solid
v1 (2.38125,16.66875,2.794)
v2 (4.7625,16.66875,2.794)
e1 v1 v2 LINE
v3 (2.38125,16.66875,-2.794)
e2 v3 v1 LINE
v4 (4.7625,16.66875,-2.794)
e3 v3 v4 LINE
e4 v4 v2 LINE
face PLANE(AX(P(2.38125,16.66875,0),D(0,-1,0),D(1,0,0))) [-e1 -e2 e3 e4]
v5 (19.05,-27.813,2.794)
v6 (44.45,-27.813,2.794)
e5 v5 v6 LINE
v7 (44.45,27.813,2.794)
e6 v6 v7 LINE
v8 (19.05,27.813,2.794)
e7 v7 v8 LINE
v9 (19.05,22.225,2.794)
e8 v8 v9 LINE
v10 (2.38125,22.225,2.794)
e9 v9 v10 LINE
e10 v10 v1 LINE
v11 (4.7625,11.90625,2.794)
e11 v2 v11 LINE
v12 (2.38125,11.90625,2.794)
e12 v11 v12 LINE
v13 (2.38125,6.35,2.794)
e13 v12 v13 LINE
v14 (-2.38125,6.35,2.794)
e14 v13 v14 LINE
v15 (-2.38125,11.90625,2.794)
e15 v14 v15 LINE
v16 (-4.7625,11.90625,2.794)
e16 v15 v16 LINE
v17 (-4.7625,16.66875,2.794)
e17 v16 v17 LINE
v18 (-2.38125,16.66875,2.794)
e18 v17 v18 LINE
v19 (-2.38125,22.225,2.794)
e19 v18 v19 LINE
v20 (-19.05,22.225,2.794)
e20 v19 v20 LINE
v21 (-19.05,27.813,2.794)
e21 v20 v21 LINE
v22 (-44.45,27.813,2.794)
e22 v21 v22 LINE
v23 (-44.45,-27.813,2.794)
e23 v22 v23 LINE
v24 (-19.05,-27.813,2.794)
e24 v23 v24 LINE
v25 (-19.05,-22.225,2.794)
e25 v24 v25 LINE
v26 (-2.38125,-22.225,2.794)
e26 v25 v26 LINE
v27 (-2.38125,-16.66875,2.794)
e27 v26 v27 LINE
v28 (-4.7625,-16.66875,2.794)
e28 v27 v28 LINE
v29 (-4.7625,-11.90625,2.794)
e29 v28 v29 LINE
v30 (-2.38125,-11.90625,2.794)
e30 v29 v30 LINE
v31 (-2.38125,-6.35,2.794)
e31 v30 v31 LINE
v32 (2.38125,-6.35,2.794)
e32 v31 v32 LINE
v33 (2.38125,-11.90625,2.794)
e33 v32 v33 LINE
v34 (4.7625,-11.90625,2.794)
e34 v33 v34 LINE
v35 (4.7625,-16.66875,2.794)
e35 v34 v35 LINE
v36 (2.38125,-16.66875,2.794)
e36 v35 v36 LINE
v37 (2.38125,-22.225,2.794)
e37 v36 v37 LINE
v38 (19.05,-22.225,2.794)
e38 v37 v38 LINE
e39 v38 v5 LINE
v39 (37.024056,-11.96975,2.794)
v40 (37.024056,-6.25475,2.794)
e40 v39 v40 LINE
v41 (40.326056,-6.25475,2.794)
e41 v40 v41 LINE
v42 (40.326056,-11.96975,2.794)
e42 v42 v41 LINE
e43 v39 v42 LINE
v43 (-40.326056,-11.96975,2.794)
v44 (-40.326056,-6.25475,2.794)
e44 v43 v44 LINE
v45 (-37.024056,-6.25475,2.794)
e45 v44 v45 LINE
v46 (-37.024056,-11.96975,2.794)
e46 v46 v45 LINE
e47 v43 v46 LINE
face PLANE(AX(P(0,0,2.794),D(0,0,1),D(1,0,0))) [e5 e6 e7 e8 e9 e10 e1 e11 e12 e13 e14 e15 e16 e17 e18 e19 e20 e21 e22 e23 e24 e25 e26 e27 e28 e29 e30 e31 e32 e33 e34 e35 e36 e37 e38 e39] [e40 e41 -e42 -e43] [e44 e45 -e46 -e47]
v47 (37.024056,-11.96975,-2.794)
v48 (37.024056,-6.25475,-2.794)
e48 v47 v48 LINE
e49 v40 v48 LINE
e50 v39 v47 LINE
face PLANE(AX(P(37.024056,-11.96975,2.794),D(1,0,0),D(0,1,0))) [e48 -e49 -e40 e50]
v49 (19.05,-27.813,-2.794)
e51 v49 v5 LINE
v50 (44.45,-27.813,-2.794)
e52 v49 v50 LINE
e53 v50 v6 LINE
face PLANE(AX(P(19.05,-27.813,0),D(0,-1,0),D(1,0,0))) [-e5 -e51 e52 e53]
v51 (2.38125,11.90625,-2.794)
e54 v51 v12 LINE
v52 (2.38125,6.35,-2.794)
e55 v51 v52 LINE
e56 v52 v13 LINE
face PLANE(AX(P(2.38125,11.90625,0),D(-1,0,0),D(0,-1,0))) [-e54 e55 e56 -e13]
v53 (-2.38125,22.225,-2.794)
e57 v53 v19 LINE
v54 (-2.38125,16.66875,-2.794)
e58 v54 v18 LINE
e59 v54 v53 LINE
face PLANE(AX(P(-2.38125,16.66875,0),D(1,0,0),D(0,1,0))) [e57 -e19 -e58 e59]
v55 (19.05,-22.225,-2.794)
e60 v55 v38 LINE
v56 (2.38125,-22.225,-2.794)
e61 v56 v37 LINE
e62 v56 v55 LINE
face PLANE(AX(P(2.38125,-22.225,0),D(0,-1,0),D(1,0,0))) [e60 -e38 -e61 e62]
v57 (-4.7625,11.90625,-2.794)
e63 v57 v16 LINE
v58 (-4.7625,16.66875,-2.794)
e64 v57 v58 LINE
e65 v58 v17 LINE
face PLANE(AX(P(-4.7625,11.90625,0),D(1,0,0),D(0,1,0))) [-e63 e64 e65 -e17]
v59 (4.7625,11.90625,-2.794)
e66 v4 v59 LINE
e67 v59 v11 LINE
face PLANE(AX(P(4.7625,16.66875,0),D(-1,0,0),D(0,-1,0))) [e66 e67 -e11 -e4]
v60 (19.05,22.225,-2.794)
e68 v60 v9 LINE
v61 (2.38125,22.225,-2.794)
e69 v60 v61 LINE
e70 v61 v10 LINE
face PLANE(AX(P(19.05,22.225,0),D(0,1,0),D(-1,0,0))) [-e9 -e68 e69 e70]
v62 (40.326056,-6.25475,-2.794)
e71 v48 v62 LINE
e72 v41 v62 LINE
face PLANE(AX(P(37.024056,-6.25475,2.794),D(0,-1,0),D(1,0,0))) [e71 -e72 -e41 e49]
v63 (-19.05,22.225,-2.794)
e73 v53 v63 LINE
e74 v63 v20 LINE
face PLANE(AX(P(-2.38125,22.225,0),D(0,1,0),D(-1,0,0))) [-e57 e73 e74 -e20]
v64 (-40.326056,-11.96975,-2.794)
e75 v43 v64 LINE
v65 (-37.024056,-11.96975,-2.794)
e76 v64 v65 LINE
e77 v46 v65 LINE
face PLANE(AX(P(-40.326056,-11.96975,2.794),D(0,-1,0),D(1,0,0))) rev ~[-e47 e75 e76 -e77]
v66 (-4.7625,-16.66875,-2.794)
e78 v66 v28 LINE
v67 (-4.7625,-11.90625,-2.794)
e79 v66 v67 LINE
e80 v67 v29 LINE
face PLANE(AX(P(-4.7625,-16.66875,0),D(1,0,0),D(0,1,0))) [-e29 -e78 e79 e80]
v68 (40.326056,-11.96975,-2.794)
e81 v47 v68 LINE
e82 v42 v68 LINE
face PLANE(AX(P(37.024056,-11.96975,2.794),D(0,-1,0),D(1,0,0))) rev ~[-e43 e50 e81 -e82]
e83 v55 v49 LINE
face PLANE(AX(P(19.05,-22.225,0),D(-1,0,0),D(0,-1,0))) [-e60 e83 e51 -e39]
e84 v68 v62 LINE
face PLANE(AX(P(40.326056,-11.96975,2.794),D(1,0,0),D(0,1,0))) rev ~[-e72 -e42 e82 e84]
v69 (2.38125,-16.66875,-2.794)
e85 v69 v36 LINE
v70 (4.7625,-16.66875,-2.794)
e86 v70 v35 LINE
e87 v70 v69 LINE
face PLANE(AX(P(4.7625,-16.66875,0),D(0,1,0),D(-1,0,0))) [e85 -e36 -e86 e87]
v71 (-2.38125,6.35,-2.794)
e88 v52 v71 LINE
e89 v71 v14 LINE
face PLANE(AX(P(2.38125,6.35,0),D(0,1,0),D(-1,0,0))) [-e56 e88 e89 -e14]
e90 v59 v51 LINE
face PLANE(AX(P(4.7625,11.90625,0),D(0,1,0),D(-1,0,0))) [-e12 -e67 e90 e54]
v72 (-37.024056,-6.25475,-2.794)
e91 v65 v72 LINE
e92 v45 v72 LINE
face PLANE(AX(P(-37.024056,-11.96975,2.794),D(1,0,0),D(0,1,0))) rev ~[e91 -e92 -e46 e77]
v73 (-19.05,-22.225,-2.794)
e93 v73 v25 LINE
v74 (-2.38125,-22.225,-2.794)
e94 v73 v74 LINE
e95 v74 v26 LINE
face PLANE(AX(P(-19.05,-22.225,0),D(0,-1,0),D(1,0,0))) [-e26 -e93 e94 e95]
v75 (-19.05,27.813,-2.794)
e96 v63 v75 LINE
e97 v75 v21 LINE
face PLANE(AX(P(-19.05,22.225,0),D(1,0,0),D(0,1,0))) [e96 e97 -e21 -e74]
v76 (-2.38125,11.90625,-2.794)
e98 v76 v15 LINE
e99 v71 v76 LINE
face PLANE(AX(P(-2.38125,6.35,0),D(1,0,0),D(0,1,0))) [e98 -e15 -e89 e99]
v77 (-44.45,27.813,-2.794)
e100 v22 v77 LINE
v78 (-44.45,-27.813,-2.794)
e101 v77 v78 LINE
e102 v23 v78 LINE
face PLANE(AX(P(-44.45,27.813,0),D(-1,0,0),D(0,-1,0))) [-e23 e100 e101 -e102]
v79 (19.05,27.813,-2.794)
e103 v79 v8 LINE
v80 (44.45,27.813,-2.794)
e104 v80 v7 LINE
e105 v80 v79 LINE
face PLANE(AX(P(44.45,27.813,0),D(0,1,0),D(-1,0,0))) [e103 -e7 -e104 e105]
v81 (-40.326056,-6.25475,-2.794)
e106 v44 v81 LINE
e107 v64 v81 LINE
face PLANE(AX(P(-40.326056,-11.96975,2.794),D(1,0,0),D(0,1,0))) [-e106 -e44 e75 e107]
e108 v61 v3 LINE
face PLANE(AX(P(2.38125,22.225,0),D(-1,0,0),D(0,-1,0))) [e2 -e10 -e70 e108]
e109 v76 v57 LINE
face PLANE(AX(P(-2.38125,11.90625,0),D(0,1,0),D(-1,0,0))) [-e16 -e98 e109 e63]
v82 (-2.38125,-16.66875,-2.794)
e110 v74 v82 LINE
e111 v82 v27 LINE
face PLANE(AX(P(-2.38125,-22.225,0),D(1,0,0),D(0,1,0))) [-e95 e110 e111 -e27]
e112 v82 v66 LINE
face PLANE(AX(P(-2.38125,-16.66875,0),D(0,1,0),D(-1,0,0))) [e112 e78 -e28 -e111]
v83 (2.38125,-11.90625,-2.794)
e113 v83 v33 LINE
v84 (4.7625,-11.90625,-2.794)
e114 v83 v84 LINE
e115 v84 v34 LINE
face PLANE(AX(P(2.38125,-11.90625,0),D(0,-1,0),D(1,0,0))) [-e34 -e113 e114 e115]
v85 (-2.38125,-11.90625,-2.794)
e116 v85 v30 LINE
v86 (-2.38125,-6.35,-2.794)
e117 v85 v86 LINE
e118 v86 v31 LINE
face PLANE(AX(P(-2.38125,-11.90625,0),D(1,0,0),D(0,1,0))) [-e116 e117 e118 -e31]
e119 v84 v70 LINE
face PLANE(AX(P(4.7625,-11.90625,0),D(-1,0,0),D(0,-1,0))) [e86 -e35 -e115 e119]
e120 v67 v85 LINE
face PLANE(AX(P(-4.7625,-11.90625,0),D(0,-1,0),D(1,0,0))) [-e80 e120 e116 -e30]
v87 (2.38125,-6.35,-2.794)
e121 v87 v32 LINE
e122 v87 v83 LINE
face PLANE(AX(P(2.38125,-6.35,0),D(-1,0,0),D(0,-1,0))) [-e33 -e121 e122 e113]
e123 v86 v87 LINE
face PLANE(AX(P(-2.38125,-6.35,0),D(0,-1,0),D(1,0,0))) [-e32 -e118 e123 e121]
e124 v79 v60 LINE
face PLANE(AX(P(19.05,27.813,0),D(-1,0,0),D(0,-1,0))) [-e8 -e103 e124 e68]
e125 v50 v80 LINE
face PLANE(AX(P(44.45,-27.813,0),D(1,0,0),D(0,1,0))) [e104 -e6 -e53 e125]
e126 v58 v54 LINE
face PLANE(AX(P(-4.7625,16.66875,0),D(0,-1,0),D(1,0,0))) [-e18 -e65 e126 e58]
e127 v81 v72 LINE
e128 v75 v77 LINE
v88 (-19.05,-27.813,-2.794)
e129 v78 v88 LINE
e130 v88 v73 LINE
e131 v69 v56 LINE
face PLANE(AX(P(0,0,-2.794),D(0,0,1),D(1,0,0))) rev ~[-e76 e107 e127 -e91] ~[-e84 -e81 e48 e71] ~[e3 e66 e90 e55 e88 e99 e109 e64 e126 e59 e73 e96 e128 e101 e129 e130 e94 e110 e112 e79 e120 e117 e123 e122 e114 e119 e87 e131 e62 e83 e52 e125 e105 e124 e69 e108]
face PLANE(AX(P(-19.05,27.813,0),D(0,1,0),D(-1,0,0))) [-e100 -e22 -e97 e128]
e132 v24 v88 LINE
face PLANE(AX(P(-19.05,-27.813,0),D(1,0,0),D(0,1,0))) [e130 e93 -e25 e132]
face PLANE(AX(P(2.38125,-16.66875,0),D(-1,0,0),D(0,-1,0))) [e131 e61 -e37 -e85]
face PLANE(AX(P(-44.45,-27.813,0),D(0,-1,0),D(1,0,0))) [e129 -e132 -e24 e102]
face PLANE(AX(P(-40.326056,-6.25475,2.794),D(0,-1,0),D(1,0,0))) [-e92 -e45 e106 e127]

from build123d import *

# Parameters (mm, degrees)
BOSS_EXTRUDE1_DEPTH = 2.794
SKETCH2_W           = 3.302
SKETCH2_H           = 5.715
CUT_EXTRUDE1_DEPTH  = 53.731311505


with BuildPart() as part:
    # Sketch1 → Boss-Extrude1 (new, symmetric)
    with BuildSketch(Plane.XY):
        Polygon((-19.05, -27.813), (-19.05, -22.225), (-2.38125, -22.225), (-2.38125, -16.66875), (-4.7625, -16.66875), (-4.7625, -11.90625), (-2.38125, -11.90625), (-2.38125, -6.35), (2.38125, -6.35), (2.38125, -11.90625), (4.7625, -11.90625), (4.7625, -16.66875), (2.38125, -16.66875), (2.38125, -22.225), (19.05, -22.225), (19.05, -27.813), (44.45, -27.813), (44.45, -22.225), (44.45, 22.225), (44.45, 27.813), (19.05, 27.813), (19.05, 22.225), (2.38125, 22.225), (2.38125, 16.66875), (4.7625, 16.66875), (4.7625, 11.90625), (2.38125, 11.90625), (2.38125, 6.35), (-2.38125, 6.35), (-2.38125, 11.90625), (-4.7625, 11.90625), (-4.7625, 16.66875), (-2.38125, 16.66875), (-2.38125, 22.225), (-19.05, 22.225), (-19.05, 27.813), (-44.45, 27.813), (-44.45, 22.225), (-44.45, -22.225), (-44.45, -27.813), align=None)
    extrude(amount=BOSS_EXTRUDE1_DEPTH, both=True)

    # Sketch2 → Cut-Extrude1 (cut, through all)
    with BuildSketch(Plane.XY.offset(2.794)):
        with Locations((-38.675056, -9.11225)):
            Rectangle(SKETCH2_W, SKETCH2_H)
        with Locations((38.675056, -9.11225)):
            Rectangle(SKETCH2_W, SKETCH2_H)
    extrude(amount=-CUT_EXTRUDE1_DEPTH, mode=Mode.SUBTRACT)


solid = part.part
